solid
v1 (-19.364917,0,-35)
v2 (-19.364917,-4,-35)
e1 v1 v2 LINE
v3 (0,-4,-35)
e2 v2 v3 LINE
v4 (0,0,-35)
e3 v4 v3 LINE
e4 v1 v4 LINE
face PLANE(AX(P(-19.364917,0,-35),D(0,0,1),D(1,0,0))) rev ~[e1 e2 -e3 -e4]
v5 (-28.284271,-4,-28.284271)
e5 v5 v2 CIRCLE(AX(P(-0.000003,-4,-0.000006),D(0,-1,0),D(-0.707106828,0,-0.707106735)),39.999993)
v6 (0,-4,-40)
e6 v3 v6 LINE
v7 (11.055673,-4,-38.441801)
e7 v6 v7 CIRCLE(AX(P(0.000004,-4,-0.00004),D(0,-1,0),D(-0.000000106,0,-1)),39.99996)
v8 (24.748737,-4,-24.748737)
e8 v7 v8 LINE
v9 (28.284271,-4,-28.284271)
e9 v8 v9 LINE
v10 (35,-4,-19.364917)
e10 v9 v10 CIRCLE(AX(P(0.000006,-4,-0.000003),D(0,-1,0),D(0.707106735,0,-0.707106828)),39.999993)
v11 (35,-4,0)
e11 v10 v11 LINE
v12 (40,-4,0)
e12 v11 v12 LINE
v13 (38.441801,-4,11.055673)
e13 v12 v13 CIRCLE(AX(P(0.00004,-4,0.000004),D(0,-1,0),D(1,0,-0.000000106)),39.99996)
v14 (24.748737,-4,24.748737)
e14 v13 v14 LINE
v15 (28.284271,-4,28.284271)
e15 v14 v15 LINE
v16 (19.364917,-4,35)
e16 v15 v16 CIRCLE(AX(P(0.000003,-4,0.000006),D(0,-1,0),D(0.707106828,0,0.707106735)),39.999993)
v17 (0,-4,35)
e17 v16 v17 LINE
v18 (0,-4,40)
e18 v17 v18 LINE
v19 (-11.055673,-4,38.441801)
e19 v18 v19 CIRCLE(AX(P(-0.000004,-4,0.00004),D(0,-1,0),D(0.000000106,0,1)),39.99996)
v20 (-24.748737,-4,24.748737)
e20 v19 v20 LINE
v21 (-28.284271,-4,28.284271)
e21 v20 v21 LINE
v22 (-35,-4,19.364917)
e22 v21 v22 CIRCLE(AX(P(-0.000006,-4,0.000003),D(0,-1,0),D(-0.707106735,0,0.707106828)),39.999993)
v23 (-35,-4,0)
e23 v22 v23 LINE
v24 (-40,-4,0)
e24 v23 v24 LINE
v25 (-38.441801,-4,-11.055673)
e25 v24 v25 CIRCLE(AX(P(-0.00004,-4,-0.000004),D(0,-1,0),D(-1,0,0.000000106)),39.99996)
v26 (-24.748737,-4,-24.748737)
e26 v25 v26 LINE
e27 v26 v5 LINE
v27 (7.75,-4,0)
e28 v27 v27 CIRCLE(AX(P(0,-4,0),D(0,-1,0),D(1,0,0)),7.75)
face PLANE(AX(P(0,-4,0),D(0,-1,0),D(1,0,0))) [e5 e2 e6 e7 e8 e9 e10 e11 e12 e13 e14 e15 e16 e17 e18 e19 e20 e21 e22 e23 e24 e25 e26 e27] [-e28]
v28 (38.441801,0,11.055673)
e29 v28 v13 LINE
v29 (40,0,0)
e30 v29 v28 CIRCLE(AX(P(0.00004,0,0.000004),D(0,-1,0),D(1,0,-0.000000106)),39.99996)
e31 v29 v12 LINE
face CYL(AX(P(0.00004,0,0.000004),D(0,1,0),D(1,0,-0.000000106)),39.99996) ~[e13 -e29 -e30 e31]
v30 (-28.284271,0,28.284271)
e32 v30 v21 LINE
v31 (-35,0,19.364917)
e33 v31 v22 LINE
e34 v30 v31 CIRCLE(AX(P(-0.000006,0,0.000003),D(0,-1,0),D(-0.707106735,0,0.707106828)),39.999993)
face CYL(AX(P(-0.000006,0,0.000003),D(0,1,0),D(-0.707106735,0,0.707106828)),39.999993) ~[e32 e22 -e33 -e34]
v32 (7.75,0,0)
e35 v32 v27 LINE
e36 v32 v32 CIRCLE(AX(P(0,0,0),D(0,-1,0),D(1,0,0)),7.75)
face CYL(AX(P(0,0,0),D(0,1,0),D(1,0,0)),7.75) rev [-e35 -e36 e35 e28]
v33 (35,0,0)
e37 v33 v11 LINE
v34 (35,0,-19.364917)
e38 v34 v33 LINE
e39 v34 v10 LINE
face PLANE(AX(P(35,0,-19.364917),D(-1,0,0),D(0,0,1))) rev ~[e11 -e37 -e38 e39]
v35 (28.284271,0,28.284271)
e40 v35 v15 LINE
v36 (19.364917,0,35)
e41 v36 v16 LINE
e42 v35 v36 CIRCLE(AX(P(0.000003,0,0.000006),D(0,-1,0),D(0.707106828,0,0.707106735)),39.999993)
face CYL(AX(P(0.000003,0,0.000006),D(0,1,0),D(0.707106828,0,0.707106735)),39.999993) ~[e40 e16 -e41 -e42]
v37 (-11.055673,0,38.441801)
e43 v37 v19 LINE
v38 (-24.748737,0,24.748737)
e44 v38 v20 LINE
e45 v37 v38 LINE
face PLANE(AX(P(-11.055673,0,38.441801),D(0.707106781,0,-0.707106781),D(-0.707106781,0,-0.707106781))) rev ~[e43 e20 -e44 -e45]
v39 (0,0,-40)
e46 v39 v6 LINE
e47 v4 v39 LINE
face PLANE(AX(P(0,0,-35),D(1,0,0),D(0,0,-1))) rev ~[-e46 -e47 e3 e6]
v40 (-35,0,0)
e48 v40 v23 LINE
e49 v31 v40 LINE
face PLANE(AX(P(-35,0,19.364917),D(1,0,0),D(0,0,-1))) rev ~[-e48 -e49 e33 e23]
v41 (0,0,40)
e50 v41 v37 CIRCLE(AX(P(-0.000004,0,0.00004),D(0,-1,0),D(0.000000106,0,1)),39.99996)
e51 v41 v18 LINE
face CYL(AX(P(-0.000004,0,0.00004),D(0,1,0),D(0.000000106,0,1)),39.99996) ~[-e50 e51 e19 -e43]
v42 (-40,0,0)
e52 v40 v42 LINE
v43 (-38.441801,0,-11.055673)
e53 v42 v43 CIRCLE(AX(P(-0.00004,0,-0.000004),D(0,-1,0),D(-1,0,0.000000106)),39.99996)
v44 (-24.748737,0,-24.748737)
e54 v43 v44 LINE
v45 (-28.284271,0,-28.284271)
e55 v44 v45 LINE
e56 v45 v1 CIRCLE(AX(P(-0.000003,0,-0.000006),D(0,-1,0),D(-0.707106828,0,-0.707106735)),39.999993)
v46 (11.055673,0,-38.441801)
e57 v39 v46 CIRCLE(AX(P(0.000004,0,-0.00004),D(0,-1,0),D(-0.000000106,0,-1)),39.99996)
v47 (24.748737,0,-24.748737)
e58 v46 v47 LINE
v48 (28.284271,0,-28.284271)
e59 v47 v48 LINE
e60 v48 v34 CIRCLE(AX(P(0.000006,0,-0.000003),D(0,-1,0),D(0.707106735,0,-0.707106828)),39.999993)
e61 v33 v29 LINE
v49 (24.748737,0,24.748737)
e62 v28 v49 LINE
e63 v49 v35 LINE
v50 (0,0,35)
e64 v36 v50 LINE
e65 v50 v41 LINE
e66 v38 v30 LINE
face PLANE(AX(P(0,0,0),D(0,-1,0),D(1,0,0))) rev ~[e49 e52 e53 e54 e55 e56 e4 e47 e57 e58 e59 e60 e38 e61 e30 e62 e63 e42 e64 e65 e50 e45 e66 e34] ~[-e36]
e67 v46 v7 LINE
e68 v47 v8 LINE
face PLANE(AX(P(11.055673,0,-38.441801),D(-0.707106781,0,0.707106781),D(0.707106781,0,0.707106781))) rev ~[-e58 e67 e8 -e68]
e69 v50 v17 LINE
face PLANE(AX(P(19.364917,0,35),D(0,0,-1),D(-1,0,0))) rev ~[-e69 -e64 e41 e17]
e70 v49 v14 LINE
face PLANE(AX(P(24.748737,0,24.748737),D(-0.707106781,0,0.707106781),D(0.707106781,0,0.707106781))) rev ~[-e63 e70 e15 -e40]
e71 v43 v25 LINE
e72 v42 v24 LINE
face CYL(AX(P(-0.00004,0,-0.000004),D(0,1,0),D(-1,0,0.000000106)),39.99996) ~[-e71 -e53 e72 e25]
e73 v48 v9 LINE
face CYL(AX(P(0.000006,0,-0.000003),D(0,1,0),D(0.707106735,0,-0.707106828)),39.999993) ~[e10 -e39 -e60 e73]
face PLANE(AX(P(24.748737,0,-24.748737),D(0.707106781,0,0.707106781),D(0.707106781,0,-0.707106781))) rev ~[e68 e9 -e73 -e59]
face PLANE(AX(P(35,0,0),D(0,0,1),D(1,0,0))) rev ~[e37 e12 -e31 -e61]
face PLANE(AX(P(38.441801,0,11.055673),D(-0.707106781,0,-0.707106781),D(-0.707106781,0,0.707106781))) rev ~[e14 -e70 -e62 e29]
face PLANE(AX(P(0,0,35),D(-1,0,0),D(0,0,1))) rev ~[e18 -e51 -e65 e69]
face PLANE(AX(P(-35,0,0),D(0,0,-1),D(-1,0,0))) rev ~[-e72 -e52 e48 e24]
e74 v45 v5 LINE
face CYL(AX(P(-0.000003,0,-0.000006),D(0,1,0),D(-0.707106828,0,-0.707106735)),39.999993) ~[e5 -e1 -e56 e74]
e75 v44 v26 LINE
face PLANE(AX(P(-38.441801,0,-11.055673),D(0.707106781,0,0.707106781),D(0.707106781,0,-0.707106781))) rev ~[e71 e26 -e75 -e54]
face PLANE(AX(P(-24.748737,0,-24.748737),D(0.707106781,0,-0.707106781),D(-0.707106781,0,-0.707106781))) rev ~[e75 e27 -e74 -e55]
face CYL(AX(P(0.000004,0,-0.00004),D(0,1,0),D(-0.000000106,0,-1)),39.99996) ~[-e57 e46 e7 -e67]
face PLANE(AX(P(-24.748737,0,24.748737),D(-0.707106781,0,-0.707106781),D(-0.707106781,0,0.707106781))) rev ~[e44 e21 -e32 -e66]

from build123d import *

# Parameters (mm, degrees)
F0_R     = 7.75
F1_DEPTH = 4


with BuildPart() as f1:
    # F0 (on Front) → F1 (new body)
    with BuildSketch(Plane.XZ):
        with BuildLine():
            ThreePointArc((24.748737, -24.748737), (32.335784, -13.39392), (35, 0))
            ThreePointArc((35, 0), (32.335784, 13.39392), (24.748737, 24.748737))
            ThreePointArc((24.748737, 24.748737), (13.39392, 32.335784), (0, 35))
            ThreePointArc((0, 35), (-13.39392, 32.335784), (-24.748737, 24.748737))
            ThreePointArc((-24.748737, 24.748737), (-32.335784, 13.39392), (-35, 0))
            ThreePointArc((-35, 0), (-32.335784, -13.39392), (-24.748737, -24.748737))
            ThreePointArc((-24.748737, -24.748737), (-13.39392, -32.335784), (0, -35))
            ThreePointArc((0, -35), (13.39392, -32.335784), (24.748737, -24.748737))
        make_face()
        Circle(F0_R, mode=Mode.SUBTRACT)
        with BuildLine():
            ThreePointArc((-35, 0), (-32.335784, 13.39392), (-24.748737, 24.748737))
            Line((-24.748737, 24.748737), (-28.284271, 28.284271))
            ThreePointArc((-28.284271, 28.284271), (-31.954866, 24.060061), (-35, 19.364917))
            Line((-35, 19.364917), (-35, 0))
        make_face()
        with BuildLine():
            ThreePointArc((-24.748737, 24.748737), (-13.39392, 32.335784), (0, 35))
            Line((0, 35), (0, 40))
            ThreePointArc((0, 40), (-5.58247, 39.608535), (-11.055673, 38.441801))
            Line((-11.055673, 38.441801), (-24.748737, 24.748737))
        make_face()
        with BuildLine():
            Line((24.748737, 24.748737), (28.284271, 28.284271))
            ThreePointArc((28.284271, 28.284271), (24.060061, 31.954866), (19.364917, 35))
            Line((19.364917, 35), (0, 35))
            ThreePointArc((0, 35), (13.39392, 32.335784), (24.748737, 24.748737))
        make_face()
        with BuildLine():
            Line((35, 0), (40, 0))
            ThreePointArc((40, 0), (39.608535, 5.58247), (38.441801, 11.055673))
            Line((38.441801, 11.055673), (24.748737, 24.748737))
            ThreePointArc((24.748737, 24.748737), (32.335784, 13.39392), (35, 0))
        make_face()
        with BuildLine():
            ThreePointArc((28.284271, -28.284271), (31.954866, -24.060061), (35, -19.364917))
            Line((35, -19.364917), (35, 0))
            ThreePointArc((35, 0), (32.335784, -13.39392), (24.748737, -24.748737))
            Line((24.748737, -24.748737), (28.284271, -28.284271))
        make_face()
        with BuildLine():
            Line((11.055673, -38.441801), (24.748737, -24.748737))
            ThreePointArc((24.748737, -24.748737), (13.39392, -32.335784), (0, -35))
            Line((0, -35), (0, -40))
            ThreePointArc((0, -40), (5.58247, -39.608535), (11.055673, -38.441801))
        make_face()
        with BuildLine():
            Line((-19.364917, -35), (0, -35))
            ThreePointArc((0, -35), (-13.39392, -32.335784), (-24.748737, -24.748737))
            Line((-24.748737, -24.748737), (-28.284271, -28.284271))
            ThreePointArc((-28.284271, -28.284271), (-24.060061, -31.954866), (-19.364917, -35))
        make_face()
        with BuildLine():
            Line((-38.441801, -11.055673), (-24.748737, -24.748737))
            ThreePointArc((-24.748737, -24.748737), (-32.335784, -13.39392), (-35, 0))
            Line((-35, 0), (-40, 0))
            ThreePointArc((-40, 0), (-39.608535, -5.58247), (-38.441801, -11.055673))
        make_face()
    extrude(amount=F1_DEPTH)


solid = f1.part
